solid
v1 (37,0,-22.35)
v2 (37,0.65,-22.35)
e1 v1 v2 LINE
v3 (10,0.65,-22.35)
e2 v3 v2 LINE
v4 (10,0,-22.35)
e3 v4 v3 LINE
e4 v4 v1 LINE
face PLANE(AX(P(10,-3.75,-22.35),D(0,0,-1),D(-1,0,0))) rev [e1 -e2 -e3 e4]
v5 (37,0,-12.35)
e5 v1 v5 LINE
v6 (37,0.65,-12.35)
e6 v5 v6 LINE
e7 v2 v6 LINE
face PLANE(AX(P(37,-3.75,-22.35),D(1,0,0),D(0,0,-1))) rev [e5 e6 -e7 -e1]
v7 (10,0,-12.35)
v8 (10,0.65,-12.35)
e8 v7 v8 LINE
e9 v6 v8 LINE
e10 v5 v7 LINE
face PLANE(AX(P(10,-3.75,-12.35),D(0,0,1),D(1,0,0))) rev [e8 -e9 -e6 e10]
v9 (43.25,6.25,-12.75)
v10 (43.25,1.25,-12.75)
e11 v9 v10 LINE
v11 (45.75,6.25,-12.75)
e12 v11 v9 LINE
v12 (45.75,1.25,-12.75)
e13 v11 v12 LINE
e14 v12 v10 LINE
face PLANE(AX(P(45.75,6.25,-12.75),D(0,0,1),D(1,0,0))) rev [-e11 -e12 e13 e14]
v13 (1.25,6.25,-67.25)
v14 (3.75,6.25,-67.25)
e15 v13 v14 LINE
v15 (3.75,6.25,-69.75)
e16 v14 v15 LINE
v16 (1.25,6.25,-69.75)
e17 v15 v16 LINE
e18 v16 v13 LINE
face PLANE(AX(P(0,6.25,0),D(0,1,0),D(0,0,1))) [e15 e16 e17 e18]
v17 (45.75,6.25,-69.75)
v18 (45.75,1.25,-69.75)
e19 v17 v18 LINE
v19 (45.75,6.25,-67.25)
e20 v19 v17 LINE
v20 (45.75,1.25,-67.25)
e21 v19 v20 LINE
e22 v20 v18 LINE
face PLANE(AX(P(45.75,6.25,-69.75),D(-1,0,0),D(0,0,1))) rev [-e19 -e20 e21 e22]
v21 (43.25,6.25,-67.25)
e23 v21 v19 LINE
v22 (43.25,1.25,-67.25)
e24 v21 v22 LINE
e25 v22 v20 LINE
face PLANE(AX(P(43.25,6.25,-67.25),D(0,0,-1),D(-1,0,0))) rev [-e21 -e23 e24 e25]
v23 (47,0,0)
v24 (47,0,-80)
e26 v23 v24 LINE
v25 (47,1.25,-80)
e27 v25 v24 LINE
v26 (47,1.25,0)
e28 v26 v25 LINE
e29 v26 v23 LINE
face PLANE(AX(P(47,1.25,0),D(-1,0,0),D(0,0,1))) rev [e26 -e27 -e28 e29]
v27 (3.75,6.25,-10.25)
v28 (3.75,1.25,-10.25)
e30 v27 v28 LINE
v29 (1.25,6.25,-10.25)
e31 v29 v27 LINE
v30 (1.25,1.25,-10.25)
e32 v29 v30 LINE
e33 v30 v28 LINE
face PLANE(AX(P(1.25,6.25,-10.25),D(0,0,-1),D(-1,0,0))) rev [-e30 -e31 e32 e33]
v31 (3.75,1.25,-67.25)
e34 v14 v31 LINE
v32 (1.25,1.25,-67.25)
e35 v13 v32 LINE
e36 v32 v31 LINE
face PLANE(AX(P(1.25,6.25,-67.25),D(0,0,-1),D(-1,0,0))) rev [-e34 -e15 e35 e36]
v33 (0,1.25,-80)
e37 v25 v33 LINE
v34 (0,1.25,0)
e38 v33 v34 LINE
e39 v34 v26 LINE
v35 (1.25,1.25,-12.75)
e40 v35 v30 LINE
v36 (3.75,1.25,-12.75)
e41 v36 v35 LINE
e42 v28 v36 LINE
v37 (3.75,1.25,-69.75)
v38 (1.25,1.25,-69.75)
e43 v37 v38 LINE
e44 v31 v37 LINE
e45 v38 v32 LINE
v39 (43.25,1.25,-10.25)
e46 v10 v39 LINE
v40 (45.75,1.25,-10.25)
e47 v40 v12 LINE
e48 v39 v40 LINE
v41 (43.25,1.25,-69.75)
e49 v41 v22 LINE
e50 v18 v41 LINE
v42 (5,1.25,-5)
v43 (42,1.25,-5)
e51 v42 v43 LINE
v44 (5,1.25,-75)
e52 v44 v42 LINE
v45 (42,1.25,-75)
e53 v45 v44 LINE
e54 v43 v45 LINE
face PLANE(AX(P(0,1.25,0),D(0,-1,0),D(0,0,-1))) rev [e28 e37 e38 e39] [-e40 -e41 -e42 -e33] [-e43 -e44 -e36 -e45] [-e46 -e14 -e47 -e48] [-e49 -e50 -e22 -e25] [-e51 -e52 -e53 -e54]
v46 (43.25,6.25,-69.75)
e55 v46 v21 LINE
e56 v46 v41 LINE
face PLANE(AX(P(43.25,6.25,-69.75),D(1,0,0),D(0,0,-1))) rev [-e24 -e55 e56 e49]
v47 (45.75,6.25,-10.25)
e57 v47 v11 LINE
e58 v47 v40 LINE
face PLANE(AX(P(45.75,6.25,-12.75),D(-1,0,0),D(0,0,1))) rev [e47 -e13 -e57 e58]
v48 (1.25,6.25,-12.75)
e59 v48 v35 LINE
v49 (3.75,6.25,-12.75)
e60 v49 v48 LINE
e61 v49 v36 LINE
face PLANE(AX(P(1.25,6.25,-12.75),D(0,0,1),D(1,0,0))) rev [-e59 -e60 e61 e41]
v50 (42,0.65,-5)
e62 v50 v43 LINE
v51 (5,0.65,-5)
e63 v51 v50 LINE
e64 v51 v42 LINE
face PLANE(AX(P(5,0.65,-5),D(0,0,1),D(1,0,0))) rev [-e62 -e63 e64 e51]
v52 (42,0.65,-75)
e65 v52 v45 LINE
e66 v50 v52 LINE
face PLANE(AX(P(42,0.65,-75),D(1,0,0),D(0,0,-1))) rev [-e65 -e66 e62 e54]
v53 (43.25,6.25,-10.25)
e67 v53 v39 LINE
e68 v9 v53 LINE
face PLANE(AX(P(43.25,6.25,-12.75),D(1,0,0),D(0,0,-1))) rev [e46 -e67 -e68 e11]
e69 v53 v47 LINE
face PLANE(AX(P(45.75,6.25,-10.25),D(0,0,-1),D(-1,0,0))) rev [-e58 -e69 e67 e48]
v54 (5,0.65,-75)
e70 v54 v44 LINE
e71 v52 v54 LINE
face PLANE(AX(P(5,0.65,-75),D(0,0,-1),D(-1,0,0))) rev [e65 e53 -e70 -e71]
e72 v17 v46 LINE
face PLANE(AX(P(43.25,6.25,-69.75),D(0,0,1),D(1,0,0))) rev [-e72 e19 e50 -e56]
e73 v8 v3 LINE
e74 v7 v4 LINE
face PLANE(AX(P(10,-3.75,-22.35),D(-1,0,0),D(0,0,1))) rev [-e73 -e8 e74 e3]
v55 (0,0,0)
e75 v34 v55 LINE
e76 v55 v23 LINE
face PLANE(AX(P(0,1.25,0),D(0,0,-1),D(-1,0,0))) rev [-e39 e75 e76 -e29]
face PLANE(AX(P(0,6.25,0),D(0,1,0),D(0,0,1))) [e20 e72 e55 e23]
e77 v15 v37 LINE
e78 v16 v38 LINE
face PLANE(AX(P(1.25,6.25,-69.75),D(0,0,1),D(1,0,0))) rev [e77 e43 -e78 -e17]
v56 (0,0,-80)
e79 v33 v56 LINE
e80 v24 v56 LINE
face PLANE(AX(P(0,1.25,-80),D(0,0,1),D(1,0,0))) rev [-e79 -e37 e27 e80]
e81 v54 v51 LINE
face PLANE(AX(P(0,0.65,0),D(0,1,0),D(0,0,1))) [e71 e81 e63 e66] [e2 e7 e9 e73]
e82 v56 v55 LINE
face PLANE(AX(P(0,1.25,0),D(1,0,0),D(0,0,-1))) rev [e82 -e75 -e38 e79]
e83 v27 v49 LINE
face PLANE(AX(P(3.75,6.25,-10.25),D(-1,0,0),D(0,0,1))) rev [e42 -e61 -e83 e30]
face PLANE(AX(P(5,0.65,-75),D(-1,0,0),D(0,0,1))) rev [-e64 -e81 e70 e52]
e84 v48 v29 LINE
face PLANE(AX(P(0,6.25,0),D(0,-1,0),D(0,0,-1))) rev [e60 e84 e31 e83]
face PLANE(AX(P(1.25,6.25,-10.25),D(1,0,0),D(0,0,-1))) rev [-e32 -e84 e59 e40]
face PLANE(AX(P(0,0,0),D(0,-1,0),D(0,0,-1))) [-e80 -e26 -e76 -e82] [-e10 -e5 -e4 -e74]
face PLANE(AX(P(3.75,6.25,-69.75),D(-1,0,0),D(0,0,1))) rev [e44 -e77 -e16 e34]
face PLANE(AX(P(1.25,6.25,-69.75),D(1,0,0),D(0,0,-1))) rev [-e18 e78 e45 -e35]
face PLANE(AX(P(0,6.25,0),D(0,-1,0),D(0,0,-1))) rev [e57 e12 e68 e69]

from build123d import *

# Parameters (mm, degrees)
SKETCH1_W           = 47
SKETCH1_H           = 80
BOSS_EXTRUDE1_DEPTH = 1.25
SKETCH2_W           = 2.5
SKETCH2_H           = 2.5
BOSS_EXTRUDE2_DEPTH = 5
SKETCH3_W           = 27
SKETCH3_H           = 10
CUT_EXTRUDE1_DEPTH  = 5
SKETCH6_W           = 37
SKETCH6_H           = 70
CUT_EXTRUDE2_DEPTH  = 0.6


with BuildPart() as part:
    # Sketch1 → Boss-Extrude1 (new body)
    with BuildSketch(Plane(origin=(0, 0, 0), x_dir=(1, 0, 0), z_dir=(0, 1, 0))):
        with Locations((23.5, 40)):
            Rectangle(SKETCH1_W, SKETCH1_H)
    extrude(amount=BOSS_EXTRUDE1_DEPTH)

    # Sketch2 → Boss-Extrude2 (add)
    with BuildSketch(Plane(origin=(0, 1.25, 0), x_dir=(1, 0, 0), z_dir=(0, 1, 0))):
        with Locations((44.5, 68.5)):
            Rectangle(SKETCH2_W, SKETCH2_H)
        with Locations((44.5, 11.5)):
            Rectangle(SKETCH2_W, SKETCH2_H)
        with Locations((2.5, 11.5)):
            Rectangle(SKETCH2_W, SKETCH2_H)
        with Locations((2.5, 68.5)):
            Rectangle(SKETCH2_W, SKETCH2_H)
    extrude(amount=BOSS_EXTRUDE2_DEPTH)

    # Sketch3 → Cut-Extrude1 (cut)
    with BuildSketch(Plane(origin=(0, 1.25, 0), x_dir=(1, 0, 0), z_dir=(0, 1, 0))):
        with Locations((23.5, 17.35)):
            Rectangle(SKETCH3_W, SKETCH3_H)
    extrude(amount=-CUT_EXTRUDE1_DEPTH, mode=Mode.SUBTRACT)

    # Sketch6 → Cut-Extrude2 (cut)
    with BuildSketch(Plane(origin=(0, 1.25, 0), x_dir=(1, 0, 0), z_dir=(0, 1, 0))):
        with Locations((23.5, 40)):
            Rectangle(SKETCH6_W, SKETCH6_H)
    extrude(amount=-CUT_EXTRUDE2_DEPTH, mode=Mode.SUBTRACT)


solid = part.part
